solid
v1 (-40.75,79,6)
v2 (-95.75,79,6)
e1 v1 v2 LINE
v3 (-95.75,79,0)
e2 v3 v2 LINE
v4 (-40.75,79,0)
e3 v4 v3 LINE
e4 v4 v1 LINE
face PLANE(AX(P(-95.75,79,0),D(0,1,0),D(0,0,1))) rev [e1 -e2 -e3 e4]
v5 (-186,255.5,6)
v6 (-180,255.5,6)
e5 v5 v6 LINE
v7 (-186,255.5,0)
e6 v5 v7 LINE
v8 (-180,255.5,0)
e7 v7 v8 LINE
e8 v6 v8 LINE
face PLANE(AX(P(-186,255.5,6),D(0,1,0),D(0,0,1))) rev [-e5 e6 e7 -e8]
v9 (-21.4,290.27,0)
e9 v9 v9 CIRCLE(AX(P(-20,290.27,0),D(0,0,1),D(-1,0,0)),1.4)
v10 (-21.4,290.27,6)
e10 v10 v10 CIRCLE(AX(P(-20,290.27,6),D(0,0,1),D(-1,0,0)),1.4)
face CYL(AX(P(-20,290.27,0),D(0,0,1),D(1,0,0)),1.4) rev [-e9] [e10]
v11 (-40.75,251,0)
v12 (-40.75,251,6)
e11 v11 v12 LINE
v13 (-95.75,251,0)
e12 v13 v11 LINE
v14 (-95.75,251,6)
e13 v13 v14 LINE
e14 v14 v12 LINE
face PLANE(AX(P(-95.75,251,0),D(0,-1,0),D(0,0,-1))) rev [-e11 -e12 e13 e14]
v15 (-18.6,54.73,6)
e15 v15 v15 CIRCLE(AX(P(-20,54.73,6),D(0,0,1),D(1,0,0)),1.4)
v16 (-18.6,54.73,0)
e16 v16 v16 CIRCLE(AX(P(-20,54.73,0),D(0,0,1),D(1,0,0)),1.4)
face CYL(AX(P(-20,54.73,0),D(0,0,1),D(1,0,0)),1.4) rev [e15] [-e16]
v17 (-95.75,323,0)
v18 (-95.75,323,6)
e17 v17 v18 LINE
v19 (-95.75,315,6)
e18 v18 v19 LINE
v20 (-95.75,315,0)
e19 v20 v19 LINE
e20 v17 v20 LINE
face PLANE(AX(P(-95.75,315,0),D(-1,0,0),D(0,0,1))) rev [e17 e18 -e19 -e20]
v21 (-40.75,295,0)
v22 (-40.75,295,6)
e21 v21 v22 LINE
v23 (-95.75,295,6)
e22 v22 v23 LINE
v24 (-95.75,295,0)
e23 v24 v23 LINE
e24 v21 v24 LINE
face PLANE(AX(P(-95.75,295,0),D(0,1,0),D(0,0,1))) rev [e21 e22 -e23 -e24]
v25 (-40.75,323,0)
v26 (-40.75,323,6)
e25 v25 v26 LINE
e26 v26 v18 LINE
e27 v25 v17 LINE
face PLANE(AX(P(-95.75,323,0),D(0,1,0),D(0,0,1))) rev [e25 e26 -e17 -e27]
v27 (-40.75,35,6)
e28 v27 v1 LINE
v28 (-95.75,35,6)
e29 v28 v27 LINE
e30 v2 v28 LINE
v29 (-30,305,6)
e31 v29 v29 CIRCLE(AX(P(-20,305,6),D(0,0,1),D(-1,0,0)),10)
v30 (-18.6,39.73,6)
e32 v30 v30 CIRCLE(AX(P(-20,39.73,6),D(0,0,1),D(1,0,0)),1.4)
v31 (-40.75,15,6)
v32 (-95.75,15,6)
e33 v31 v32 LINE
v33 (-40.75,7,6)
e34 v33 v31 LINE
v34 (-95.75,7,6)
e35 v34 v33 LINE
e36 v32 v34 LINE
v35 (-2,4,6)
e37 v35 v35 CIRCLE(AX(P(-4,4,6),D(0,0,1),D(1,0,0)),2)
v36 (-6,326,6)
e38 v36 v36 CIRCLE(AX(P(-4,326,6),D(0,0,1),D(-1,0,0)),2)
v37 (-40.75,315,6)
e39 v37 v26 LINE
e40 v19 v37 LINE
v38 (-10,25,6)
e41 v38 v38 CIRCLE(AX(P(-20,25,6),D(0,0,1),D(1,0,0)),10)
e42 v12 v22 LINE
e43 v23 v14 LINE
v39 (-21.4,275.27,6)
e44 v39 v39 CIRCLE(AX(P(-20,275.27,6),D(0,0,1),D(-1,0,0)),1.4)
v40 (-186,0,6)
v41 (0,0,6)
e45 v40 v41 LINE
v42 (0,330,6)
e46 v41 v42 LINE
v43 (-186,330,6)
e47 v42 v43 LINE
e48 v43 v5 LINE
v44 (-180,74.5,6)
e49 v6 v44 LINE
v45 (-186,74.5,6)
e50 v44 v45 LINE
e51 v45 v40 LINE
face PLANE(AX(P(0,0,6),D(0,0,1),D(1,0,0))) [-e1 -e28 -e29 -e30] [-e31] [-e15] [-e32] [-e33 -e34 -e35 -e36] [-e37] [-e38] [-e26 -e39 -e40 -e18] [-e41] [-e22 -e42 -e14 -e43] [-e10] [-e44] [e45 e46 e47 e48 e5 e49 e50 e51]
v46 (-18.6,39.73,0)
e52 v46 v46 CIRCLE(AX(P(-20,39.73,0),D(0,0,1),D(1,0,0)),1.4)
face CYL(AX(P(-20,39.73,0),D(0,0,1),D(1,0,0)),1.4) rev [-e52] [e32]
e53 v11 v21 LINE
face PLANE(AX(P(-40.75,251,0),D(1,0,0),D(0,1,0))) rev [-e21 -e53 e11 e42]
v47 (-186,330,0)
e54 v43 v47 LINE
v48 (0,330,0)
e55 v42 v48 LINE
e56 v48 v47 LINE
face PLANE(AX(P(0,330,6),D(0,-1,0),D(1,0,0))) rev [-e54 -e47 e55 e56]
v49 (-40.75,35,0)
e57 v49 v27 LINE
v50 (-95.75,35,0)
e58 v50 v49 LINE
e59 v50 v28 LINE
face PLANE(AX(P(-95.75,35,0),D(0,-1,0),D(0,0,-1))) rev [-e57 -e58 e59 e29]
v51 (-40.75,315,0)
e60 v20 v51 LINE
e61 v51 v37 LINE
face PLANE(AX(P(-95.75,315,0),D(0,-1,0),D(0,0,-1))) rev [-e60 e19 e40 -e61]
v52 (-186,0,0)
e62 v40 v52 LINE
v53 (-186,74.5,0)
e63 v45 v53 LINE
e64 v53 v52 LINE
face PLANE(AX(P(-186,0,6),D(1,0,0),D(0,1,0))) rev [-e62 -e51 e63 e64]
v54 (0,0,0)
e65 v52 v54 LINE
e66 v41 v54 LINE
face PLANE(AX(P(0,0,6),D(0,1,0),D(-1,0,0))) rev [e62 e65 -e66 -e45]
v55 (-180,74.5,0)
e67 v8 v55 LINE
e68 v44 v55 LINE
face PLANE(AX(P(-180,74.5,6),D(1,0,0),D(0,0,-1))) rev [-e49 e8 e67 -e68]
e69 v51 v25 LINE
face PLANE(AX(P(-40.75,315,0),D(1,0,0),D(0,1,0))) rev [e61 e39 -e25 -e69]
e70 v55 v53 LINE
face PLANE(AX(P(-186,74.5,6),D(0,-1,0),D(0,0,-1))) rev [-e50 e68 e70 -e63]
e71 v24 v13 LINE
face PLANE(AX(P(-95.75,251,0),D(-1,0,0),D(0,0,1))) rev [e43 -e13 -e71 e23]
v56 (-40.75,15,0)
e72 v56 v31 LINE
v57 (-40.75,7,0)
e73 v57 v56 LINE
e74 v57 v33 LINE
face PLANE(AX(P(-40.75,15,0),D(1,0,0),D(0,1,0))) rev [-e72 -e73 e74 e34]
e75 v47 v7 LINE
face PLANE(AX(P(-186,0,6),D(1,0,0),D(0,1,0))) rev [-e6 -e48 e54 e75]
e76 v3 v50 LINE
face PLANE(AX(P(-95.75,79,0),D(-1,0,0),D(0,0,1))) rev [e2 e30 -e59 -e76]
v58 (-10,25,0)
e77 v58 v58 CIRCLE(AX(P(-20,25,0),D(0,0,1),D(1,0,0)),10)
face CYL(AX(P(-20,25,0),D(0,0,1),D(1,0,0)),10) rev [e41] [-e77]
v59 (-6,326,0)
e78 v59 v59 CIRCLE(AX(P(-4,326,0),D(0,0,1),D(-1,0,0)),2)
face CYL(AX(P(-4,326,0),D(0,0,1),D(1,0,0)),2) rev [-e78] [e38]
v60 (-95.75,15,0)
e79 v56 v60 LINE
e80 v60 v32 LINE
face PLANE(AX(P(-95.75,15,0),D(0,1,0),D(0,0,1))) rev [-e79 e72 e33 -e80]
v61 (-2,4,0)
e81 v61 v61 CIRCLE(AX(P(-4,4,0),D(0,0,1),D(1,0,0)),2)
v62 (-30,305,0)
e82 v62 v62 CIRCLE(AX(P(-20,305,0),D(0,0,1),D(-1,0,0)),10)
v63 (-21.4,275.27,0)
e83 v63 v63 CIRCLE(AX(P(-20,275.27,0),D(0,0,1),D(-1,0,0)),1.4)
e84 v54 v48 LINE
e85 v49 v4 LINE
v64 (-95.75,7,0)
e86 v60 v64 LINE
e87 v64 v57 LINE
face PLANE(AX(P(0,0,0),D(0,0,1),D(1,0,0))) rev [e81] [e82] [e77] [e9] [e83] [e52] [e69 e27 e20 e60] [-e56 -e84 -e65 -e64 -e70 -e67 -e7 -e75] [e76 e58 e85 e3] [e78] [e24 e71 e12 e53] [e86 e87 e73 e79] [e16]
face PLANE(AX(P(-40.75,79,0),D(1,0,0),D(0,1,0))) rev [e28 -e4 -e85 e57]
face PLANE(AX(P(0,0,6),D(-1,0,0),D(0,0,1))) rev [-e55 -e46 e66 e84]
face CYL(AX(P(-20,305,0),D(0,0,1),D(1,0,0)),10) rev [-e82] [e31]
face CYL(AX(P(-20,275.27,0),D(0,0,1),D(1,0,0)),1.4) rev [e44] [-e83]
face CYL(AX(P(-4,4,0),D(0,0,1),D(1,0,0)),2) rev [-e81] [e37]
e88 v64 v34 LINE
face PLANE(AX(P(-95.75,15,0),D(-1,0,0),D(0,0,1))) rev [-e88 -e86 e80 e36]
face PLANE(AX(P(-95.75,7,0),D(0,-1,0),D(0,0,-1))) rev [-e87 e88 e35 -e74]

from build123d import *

# Parameters (mm, degrees)
ESQUISSE1_W             = 186
ESQUISSE1_H             = 330
BOSS_EXTRU_1_DEPTH      = 6
ESQUISSE3_R             = 2
ESQUISSE3_R_2           = 10
ESQUISSE3_R_3           = 1.4
ESQUISSE3_W             = 55
ESQUISSE3_H             = 8
ESQUISSE3_H_2           = 44
ENL_V_MAT_EXTRU_2_DEPTH = 6
ESQUISSE4_W             = 6
ESQUISSE4_H             = 181
ENL_V_MAT_EXTRU_3_DEPTH = 379.856173237


with BuildPart() as part:
    # Esquisse1 → Boss.-Extru.1 (new body)
    with BuildSketch(Plane.XY):
        with Locations((-93, 165)):
            Rectangle(ESQUISSE1_W, ESQUISSE1_H)
    extrude(amount=BOSS_EXTRU_1_DEPTH)

    # Esquisse3 → Enlèv. mat.-Extru.2 (cut)
    with BuildSketch(Plane.XY.offset(6)):
        with Locations((-4, 4)):
            Circle(ESQUISSE3_R)
        with Locations((-20, 25)):
            Circle(ESQUISSE3_R_2)
        with Locations((-20, 39.73)):
            Circle(ESQUISSE3_R_3)
        with Locations((-20, 54.73)):
            Circle(ESQUISSE3_R_3)
        with Locations(Location((-20, 275.27, 0), (0, 0, 180))):
            Circle(ESQUISSE3_R_3)
        with Locations(Location((-20, 290.27, 0), (0, 0, 180))):
            Circle(ESQUISSE3_R_3)
        with Locations(Location((-4, 326, 0), (0, 0, 180))):
            Circle(ESQUISSE3_R)
        with Locations(Location((-20, 305, 0), (0, 0, 180))):
            Circle(ESQUISSE3_R_2)
        with Locations((-68.25, 11)):
            Rectangle(ESQUISSE3_W, ESQUISSE3_H)
        with Locations((-68.25, 57)):
            Rectangle(ESQUISSE3_W, ESQUISSE3_H_2)
        with Locations((-68.25, 273)):
            Rectangle(ESQUISSE3_W, ESQUISSE3_H_2)
        with Locations((-68.25, 319)):
            Rectangle(ESQUISSE3_W, ESQUISSE3_H)
    extrude(amount=-ENL_V_MAT_EXTRU_2_DEPTH, mode=Mode.SUBTRACT)

    # Esquisse4 → Enlèv. mat.-Extru.3 (cut, through all)
    with BuildSketch(Plane(origin=(0, 0, 0), x_dir=(-1, 0, 0), z_dir=(0, 0, -1))):
        with Locations((183, 165)):
            Rectangle(ESQUISSE4_W, ESQUISSE4_H)
    extrude(amount=-ENL_V_MAT_EXTRU_3_DEPTH, mode=Mode.SUBTRACT)


solid = part.part
